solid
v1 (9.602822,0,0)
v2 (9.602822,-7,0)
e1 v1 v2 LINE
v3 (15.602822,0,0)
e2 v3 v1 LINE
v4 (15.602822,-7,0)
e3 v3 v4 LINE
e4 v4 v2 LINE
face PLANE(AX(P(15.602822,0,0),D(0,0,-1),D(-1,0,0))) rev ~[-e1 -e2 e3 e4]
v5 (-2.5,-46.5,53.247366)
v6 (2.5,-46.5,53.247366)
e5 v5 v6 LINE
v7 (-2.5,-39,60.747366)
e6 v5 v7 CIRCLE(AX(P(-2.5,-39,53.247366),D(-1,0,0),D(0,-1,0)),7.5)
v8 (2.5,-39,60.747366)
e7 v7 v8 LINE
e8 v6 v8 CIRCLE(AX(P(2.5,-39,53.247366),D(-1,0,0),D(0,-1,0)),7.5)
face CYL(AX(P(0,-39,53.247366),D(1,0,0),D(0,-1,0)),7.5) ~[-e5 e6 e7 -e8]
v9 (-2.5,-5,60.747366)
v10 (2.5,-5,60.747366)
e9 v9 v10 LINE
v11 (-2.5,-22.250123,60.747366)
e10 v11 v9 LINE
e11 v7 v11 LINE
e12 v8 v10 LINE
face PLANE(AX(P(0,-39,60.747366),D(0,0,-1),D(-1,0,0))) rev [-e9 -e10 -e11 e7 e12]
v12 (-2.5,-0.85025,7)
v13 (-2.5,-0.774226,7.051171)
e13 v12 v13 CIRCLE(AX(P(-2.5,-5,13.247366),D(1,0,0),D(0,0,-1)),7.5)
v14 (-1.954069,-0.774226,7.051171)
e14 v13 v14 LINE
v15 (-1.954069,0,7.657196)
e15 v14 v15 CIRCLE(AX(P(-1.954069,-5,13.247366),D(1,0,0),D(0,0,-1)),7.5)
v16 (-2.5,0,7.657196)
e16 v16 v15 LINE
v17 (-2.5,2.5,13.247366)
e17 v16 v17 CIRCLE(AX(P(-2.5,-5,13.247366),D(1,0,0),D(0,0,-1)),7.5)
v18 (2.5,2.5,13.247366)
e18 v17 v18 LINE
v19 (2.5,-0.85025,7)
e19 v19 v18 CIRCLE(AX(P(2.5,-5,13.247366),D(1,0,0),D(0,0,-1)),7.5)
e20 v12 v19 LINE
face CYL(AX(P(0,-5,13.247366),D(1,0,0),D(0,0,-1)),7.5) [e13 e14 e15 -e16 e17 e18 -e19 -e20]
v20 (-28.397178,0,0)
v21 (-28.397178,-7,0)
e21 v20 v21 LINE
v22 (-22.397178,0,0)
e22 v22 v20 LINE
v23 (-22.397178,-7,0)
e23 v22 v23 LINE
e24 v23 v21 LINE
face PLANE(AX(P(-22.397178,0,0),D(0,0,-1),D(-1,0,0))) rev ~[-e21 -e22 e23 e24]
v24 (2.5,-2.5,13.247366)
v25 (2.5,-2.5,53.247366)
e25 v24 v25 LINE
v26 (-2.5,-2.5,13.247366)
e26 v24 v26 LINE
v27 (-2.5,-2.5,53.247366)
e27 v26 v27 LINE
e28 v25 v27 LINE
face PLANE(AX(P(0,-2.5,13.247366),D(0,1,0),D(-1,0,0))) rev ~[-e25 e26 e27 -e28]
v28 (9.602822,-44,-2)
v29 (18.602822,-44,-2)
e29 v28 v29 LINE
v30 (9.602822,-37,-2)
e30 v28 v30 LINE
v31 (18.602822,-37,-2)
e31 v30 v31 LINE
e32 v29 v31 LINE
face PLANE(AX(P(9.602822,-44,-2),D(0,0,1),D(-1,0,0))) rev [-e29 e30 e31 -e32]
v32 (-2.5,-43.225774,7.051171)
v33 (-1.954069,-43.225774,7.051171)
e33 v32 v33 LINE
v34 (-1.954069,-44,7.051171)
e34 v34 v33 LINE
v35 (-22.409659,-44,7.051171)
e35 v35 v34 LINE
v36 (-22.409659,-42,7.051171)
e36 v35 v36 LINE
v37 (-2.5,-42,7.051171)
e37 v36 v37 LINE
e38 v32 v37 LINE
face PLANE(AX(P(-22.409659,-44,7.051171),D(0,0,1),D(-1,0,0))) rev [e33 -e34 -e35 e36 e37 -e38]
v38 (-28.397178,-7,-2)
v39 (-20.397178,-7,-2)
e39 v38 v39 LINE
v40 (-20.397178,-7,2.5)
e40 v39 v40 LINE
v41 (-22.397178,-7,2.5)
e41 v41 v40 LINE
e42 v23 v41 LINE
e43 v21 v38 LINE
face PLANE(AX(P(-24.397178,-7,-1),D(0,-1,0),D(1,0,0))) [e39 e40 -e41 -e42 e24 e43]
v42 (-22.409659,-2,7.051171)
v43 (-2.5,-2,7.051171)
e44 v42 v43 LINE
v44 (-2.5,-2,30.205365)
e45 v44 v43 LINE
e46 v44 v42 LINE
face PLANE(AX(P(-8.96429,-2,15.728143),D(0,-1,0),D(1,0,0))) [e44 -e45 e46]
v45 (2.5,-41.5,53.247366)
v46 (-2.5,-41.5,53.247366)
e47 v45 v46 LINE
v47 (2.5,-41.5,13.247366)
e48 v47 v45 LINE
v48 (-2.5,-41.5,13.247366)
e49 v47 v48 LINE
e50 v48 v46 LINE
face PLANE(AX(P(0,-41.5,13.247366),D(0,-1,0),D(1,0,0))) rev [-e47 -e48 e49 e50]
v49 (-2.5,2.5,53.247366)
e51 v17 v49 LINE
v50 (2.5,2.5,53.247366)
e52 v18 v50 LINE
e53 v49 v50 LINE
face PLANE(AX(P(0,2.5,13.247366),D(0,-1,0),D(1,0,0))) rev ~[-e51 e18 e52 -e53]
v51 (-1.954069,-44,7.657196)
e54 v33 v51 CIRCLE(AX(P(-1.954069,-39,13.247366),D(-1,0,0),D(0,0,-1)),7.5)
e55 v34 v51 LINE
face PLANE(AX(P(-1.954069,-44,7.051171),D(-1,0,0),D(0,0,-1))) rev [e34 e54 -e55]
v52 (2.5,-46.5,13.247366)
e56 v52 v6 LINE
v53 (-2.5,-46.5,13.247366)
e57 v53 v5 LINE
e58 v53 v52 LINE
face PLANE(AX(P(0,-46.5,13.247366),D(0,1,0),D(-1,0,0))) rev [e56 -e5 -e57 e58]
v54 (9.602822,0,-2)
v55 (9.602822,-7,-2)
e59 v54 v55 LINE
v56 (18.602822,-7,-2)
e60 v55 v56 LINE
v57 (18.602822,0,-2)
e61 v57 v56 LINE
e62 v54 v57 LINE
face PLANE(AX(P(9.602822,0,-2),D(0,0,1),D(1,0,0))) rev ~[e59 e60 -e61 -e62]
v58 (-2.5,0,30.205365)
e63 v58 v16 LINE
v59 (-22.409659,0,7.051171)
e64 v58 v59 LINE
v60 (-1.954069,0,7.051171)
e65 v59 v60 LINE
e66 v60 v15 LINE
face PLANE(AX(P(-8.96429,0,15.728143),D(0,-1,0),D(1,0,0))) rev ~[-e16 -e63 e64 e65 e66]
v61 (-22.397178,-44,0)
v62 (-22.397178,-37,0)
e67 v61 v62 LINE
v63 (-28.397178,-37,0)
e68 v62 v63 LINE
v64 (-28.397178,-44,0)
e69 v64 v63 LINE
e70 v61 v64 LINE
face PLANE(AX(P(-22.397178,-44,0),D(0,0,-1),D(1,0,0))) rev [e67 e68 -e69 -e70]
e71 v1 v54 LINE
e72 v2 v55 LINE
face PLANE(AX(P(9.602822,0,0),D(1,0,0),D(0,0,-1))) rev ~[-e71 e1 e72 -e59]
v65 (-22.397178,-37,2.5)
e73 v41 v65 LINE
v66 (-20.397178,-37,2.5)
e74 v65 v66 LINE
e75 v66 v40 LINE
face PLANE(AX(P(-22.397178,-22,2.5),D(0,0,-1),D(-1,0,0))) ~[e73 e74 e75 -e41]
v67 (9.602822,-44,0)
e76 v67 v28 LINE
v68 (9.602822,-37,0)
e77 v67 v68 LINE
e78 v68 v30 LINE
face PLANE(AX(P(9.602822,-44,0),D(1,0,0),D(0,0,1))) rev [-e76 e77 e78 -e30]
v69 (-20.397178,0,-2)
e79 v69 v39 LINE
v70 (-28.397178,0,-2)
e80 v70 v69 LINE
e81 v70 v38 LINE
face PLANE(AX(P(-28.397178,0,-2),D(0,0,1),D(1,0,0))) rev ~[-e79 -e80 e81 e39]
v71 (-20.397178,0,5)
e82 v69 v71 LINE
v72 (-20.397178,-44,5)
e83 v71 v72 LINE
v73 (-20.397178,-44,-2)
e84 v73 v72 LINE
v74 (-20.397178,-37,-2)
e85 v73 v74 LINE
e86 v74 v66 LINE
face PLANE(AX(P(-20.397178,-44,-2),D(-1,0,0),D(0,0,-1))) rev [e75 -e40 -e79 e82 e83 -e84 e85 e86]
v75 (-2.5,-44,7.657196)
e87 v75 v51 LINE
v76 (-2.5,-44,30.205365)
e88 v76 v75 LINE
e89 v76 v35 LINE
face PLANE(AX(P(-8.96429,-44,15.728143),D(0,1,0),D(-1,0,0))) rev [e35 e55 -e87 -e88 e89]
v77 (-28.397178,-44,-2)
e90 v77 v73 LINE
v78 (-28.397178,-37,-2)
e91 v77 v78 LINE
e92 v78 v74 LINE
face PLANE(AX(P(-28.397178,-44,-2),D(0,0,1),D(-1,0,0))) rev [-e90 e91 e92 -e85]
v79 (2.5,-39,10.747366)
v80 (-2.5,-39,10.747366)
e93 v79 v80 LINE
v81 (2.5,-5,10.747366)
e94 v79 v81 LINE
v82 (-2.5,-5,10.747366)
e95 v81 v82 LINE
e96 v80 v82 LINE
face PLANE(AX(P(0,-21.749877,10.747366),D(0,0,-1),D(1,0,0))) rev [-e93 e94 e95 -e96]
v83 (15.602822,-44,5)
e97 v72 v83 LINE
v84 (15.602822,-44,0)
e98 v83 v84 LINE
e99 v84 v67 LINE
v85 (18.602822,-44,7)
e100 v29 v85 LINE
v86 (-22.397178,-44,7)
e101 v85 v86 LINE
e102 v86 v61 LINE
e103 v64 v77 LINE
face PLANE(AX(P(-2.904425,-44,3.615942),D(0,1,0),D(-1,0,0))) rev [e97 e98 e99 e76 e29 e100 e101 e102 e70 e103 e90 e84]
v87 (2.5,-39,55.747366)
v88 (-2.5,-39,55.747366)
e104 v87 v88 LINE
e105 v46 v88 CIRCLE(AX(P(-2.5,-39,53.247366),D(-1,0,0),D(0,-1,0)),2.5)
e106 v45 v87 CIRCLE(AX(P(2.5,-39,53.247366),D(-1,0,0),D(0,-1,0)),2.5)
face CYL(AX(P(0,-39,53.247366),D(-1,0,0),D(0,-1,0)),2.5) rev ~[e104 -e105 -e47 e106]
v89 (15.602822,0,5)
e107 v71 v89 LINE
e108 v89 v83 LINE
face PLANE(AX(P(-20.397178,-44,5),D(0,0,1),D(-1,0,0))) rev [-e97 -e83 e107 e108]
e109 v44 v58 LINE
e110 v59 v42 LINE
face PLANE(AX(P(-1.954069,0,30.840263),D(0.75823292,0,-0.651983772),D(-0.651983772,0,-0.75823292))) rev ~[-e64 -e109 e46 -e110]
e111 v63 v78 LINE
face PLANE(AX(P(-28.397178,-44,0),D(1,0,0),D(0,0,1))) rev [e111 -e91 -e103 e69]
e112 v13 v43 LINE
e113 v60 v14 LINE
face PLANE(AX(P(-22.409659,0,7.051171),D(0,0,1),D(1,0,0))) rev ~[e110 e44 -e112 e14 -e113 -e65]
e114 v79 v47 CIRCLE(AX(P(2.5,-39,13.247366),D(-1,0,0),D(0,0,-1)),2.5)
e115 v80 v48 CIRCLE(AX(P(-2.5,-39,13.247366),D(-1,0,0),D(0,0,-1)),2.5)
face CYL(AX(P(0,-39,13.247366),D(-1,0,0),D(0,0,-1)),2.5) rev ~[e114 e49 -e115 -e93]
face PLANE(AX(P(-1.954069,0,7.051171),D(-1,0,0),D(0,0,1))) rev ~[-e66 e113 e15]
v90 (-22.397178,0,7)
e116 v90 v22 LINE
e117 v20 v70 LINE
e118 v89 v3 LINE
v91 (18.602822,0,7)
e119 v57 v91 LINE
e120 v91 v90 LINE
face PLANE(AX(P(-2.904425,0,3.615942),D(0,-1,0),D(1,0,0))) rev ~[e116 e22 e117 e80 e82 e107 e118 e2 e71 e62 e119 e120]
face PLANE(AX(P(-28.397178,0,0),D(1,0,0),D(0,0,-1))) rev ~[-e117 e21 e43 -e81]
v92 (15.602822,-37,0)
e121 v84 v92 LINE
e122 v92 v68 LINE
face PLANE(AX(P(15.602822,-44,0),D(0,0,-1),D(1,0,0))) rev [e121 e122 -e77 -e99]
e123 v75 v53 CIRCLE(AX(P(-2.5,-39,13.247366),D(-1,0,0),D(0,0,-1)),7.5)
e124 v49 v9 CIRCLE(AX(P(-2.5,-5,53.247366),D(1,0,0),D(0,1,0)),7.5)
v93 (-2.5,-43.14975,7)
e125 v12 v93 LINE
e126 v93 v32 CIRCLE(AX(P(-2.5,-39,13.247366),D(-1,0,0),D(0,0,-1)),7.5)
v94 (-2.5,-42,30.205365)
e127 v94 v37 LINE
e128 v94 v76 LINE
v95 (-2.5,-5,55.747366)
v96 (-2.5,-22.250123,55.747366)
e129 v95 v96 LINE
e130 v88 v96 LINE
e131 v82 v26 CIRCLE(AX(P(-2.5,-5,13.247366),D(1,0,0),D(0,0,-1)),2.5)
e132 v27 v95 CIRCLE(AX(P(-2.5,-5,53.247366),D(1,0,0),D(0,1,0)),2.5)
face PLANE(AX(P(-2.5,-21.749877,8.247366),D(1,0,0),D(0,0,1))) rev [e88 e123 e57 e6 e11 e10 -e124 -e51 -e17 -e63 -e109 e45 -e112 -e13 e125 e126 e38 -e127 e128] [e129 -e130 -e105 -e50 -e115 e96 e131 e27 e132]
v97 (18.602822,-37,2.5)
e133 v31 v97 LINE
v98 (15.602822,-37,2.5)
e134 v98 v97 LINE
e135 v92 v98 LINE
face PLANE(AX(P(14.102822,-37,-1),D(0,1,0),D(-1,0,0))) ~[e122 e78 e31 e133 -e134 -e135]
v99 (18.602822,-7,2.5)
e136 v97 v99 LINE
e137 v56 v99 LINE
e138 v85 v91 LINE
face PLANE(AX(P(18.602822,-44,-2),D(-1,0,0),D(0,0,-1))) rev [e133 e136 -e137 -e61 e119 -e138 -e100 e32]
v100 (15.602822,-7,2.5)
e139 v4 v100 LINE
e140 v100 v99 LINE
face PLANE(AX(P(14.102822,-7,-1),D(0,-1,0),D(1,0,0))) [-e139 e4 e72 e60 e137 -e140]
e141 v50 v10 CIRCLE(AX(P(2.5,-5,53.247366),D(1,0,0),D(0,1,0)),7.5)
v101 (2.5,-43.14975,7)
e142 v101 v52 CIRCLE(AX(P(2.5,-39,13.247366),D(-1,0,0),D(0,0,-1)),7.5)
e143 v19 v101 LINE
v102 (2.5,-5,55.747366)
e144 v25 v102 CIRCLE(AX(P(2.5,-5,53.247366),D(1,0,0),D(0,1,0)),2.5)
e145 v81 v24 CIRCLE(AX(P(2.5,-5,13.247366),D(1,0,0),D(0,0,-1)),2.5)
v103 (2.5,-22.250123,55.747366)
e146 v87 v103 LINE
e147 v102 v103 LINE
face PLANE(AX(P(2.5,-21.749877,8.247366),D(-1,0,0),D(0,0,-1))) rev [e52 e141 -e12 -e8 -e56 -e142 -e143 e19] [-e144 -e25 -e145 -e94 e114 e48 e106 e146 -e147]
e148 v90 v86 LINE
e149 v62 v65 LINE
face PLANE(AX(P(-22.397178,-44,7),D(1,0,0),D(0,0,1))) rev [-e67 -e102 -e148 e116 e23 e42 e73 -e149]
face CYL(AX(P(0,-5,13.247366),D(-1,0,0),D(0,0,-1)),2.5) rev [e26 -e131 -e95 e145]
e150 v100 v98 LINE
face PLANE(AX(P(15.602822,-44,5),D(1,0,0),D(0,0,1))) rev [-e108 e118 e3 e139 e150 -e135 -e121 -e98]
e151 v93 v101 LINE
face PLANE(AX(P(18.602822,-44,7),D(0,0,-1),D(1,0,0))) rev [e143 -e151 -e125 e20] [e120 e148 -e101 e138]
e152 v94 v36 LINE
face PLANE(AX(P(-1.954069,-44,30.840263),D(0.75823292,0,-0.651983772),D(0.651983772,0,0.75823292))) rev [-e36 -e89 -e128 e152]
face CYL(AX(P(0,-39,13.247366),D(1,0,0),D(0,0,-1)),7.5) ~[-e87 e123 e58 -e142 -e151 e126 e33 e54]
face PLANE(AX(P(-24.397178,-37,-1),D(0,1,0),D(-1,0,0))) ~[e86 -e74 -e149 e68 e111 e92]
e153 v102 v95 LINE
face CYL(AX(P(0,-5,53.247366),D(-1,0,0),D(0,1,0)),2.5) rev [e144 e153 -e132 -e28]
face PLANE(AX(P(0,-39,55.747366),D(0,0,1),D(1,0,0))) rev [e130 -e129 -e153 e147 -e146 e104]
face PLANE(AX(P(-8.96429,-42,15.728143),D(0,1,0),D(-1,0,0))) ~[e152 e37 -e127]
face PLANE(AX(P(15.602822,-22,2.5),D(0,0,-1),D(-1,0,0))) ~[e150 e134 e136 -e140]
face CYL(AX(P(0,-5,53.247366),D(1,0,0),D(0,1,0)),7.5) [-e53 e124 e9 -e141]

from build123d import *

# Parameters (mm, degrees)
F1_DEPTH = 22
F2_W     = 2
F2_H     = 2.5
F2_W_2   = 3
F4_DEPTH = 15
F6_W     = 5
F6_H     = 5
F9_DEPTH = 2


with BuildPart() as f1:
    # F0 (on Front) → F1 (new body)
    with BuildSketch(Plane.XZ):
        Polygon((-22.3971781656, 0), (-28.3971781656, 0), (-28.3971781656, -2), (-20.3971781656, -2), (-20.3971781656, 5), (13.6028218344, 5), (15.6028218344, 5), (15.6028218344, 0), (9.6028218344, 0), (9.6028218344, -2), (18.6028218344, -2), (18.6028218344, 7), (-22.3971781656, 7), align=None)
    extrude(amount=F1_DEPTH)

    # F2 (on face) → F4 (cut)
    with BuildSketch(Plane.XZ.offset(22)):
        Polygon((-20.3971781656, 0), (-22.3971781656, 0), (-28.3971781656, 0), (-28.3971781656, -2), (-20.3971781656, -2), align=None)
        Polygon((18.6028218344, -2), (18.6028218344, 0), (15.6028218344, 0), (9.6028218344, 0), (9.6028218344, -2), align=None)
        with Locations((-21.3971781656, 1.25)):
            Rectangle(F2_W, F2_H)
        with Locations((17.1028218344, 1.25)):
            Rectangle(F2_W_2, F2_H)
    extrude(amount=-F4_DEPTH, mode=Mode.SUBTRACT)

    # F7: sweep along a path in F3
    with BuildLine(Plane.YZ) as f7_path:
        Line((-22.250123322, 8.247365728), (-5, 8.247365728))
        ThreePointArc((-5, 8.247365728), (-1.4644660941, 9.7118318221), (0, 13.247365728))
        Line((0, 13.247365728), (0, 53.247365728))
        ThreePointArc((0, 53.247365728), (-1.4644660941, 56.782899634), (-5, 58.247365728))
        Line((-5, 58.247365728), (-22.250123322, 58.247365728))
    # F6 (on offset) → F7 (sweep)
    with BuildSketch(Plane.XZ.offset(22)):
        with Locations((0, 8.247365728)):
            Rectangle(F6_W, F6_H)
    sweep(path=f7_path.line)

    # F8 (on Front) → F9 (join)
    with BuildSketch(Plane.XZ):
        Polygon((-1.9540686626, 30.8402627707), (-22.409658879, 7.0511708036), (-1.9540686626, 7.0511708036), align=None)
    extrude(amount=F9_DEPTH)

    # F10: F1 across plane


with BuildPart() as f1_1:
    add(f1.part)
    add(f1.part.mirror(Plane.XZ.offset(22)))


solid = f1_1.part
